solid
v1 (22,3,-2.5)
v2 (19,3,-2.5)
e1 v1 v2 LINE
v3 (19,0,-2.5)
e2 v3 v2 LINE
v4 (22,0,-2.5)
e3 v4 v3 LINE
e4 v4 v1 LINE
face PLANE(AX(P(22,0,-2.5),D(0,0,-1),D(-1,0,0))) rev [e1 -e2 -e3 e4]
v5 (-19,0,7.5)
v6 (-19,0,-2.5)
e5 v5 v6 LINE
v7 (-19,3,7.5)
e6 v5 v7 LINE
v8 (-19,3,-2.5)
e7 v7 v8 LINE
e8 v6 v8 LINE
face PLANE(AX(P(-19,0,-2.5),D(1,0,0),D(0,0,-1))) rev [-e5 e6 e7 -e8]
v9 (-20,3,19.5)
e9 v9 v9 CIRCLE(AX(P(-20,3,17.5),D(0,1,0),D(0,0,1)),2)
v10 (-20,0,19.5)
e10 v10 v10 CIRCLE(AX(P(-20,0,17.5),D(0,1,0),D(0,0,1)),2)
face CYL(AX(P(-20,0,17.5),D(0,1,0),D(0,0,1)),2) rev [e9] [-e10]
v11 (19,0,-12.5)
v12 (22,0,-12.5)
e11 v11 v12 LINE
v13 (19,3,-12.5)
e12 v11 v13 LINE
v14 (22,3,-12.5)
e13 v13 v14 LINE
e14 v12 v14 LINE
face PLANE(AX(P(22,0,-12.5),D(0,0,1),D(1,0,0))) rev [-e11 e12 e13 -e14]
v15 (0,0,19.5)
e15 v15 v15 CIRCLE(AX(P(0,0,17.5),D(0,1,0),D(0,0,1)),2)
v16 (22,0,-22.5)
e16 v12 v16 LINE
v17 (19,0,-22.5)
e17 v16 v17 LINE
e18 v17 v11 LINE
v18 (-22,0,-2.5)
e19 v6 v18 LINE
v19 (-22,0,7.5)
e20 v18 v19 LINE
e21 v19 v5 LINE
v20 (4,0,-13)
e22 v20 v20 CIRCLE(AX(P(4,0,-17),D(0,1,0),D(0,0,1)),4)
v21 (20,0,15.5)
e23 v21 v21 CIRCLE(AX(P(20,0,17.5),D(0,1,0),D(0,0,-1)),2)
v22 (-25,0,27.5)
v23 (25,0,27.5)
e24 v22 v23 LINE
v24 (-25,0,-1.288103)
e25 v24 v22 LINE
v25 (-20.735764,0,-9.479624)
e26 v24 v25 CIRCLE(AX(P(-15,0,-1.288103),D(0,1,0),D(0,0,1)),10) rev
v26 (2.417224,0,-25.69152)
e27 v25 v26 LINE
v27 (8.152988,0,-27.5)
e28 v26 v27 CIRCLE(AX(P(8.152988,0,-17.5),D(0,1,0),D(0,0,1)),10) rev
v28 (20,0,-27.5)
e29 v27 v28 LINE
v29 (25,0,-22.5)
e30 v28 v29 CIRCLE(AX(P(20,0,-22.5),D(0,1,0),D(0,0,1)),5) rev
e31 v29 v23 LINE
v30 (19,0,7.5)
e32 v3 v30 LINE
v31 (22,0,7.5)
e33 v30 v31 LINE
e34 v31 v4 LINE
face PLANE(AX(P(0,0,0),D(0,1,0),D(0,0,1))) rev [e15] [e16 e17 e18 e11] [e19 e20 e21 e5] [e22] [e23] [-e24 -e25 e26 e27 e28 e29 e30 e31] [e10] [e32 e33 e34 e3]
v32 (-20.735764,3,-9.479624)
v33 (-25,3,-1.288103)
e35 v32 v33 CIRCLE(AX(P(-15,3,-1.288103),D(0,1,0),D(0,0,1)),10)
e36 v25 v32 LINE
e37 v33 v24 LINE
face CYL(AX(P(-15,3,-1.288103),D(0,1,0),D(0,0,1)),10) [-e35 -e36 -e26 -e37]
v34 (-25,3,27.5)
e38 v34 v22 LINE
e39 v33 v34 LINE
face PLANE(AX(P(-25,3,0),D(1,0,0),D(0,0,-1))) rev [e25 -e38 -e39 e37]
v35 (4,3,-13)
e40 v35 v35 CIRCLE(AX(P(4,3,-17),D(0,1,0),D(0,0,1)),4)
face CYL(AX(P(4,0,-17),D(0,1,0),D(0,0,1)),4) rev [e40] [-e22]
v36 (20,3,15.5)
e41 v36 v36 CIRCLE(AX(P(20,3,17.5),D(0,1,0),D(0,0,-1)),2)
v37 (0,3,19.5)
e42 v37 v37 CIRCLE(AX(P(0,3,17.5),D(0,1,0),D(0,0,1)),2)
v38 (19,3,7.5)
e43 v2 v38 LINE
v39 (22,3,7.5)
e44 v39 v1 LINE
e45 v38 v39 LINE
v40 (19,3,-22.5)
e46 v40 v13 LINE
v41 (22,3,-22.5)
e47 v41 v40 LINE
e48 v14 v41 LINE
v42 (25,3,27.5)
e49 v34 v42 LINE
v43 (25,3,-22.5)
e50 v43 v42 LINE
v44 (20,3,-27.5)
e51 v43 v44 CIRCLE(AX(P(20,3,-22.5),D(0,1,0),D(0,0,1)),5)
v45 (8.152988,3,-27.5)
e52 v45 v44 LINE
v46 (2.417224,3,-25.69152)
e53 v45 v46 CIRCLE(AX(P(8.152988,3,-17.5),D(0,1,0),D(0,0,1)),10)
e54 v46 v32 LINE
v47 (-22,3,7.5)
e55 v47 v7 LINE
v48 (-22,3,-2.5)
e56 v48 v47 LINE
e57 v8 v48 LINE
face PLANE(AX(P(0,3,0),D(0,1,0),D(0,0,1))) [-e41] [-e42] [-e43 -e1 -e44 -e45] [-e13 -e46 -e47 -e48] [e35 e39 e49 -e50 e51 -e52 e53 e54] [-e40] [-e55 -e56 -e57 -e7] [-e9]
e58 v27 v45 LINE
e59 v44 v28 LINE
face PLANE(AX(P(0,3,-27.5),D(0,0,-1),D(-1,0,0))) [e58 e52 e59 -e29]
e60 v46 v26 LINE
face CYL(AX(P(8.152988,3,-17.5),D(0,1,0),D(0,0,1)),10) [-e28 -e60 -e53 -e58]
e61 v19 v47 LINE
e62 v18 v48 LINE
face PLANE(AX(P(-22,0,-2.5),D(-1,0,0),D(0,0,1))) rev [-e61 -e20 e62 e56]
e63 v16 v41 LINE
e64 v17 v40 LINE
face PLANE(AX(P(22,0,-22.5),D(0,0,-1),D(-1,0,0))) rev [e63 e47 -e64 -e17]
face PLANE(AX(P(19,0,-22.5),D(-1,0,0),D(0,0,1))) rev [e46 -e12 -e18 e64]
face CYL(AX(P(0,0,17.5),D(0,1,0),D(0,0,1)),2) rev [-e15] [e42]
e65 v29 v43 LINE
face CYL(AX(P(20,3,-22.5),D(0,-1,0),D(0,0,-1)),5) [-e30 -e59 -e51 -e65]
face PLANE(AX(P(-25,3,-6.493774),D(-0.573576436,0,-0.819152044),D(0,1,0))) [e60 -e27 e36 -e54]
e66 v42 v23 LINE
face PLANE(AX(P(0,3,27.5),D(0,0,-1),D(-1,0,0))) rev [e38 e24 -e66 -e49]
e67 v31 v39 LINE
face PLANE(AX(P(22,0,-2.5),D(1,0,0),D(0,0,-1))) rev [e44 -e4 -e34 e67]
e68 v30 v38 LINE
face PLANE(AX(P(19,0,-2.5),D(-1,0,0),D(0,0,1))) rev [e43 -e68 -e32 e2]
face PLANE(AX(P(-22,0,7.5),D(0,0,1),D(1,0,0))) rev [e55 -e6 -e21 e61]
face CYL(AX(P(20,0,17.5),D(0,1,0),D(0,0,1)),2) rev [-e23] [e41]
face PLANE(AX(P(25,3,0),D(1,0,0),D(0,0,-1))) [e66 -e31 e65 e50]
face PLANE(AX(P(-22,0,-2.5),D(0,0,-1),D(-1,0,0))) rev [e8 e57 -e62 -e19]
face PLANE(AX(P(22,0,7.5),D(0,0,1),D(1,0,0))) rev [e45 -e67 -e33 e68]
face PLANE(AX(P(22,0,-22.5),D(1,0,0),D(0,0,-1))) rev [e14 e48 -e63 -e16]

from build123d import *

# Parameters (mm, degrees)
SKETCH_1_W          = 50
SKETCH_1_H          = 55
EXTRUDE_1_DEPTH     = 3
SKETCH_2_R          = 4
CUT_EXTRUDE_1_DEPTH = 3
SKETCH_3_R          = 2
CUT_EXTRUDE_2_DEPTH = 3
SKETCH_4_W          = 3
SKETCH_4_H          = 10
CUT_EXTRUDE_3_DEPTH = 3
CHAMFER_1_SIZE      = 30
CHAMFER_1_SIZE2     = 21.006226146
FILLET_2_R          = 10
FILLET_3_R          = 5


with BuildPart() as part:
    # 草图1 → 凸台-拉伸1 (new body)
    with BuildSketch(Plane(origin=(0, 0, 0), x_dir=(1, 0, 0), z_dir=(0, 1, 0))):
        Rectangle(SKETCH_1_W, SKETCH_1_H)
    extrude(amount=EXTRUDE_1_DEPTH)

    # 草图2 → 切除-拉伸1 (cut)
    with BuildSketch(Plane(origin=(0, 3, 0), x_dir=(1, 0, 0), z_dir=(0, 1, 0))):
        with Locations(Location((4, 17, 0), (0, 0, 270))):
            Circle(SKETCH_2_R)
    extrude(amount=-CUT_EXTRUDE_1_DEPTH, mode=Mode.SUBTRACT)

    # 草图3 → 切除-拉伸2 (cut)
    with BuildSketch(Plane(origin=(0, 3, 0), x_dir=(1, 0, 0), z_dir=(0, 1, 0))):
        with Locations(Location((-20, -17.5, 0), (0, 0, 270))):
            Circle(SKETCH_3_R)
        with Locations(Location((0, -17.5, 0), (0, 0, 270))):
            Circle(SKETCH_3_R)
        with Locations(Location((20, -17.5, 0), (0, 0, 90))):
            Circle(SKETCH_3_R)
    extrude(amount=-CUT_EXTRUDE_2_DEPTH, mode=Mode.SUBTRACT)

    # 草图4 → 切除-拉伸3 (cut)
    with BuildSketch(Plane(origin=(0, 3, 0), x_dir=(1, 0, 0), z_dir=(0, 1, 0))):
        with Locations((-20.5, -2.5)):
            Rectangle(SKETCH_4_W, SKETCH_4_H)
        with Locations((20.5, -2.5)):
            Rectangle(SKETCH_4_W, SKETCH_4_H)
        with Locations((20.5, 17.5)):
            Rectangle(SKETCH_4_W, SKETCH_4_H)
    extrude(amount=-CUT_EXTRUDE_3_DEPTH, mode=Mode.SUBTRACT)

    # 倒角1
    chamfer_1_edges = [part.edges().sort_by_distance(p)[0] for p in [
        (-25, 1.5, -27.5),
    ]]
    chamfer_1_side = [part.faces().sort_by_distance(p)[0] for p in [
        (0, 1.5, -27.5),
    ]]
    chamfer(chamfer_1_edges, length=CHAMFER_1_SIZE, length2=CHAMFER_1_SIZE2, reference=chamfer_1_side[0])

    # 圆角2
    fillet_2_edges = [part.edges().sort_by_distance(p)[0] for p in [
        (-25, 1.5, -6.493773854),
        (5, 1.5, -27.5),
    ]]
    fillet(fillet_2_edges, radius=FILLET_2_R)

    # 圆角3
    fillet_3_edges = [part.edges().sort_by_distance(p)[0] for p in [
        (25, 1.5, -27.5),
    ]]
    fillet(fillet_3_edges, radius=FILLET_3_R)


solid = part.part
